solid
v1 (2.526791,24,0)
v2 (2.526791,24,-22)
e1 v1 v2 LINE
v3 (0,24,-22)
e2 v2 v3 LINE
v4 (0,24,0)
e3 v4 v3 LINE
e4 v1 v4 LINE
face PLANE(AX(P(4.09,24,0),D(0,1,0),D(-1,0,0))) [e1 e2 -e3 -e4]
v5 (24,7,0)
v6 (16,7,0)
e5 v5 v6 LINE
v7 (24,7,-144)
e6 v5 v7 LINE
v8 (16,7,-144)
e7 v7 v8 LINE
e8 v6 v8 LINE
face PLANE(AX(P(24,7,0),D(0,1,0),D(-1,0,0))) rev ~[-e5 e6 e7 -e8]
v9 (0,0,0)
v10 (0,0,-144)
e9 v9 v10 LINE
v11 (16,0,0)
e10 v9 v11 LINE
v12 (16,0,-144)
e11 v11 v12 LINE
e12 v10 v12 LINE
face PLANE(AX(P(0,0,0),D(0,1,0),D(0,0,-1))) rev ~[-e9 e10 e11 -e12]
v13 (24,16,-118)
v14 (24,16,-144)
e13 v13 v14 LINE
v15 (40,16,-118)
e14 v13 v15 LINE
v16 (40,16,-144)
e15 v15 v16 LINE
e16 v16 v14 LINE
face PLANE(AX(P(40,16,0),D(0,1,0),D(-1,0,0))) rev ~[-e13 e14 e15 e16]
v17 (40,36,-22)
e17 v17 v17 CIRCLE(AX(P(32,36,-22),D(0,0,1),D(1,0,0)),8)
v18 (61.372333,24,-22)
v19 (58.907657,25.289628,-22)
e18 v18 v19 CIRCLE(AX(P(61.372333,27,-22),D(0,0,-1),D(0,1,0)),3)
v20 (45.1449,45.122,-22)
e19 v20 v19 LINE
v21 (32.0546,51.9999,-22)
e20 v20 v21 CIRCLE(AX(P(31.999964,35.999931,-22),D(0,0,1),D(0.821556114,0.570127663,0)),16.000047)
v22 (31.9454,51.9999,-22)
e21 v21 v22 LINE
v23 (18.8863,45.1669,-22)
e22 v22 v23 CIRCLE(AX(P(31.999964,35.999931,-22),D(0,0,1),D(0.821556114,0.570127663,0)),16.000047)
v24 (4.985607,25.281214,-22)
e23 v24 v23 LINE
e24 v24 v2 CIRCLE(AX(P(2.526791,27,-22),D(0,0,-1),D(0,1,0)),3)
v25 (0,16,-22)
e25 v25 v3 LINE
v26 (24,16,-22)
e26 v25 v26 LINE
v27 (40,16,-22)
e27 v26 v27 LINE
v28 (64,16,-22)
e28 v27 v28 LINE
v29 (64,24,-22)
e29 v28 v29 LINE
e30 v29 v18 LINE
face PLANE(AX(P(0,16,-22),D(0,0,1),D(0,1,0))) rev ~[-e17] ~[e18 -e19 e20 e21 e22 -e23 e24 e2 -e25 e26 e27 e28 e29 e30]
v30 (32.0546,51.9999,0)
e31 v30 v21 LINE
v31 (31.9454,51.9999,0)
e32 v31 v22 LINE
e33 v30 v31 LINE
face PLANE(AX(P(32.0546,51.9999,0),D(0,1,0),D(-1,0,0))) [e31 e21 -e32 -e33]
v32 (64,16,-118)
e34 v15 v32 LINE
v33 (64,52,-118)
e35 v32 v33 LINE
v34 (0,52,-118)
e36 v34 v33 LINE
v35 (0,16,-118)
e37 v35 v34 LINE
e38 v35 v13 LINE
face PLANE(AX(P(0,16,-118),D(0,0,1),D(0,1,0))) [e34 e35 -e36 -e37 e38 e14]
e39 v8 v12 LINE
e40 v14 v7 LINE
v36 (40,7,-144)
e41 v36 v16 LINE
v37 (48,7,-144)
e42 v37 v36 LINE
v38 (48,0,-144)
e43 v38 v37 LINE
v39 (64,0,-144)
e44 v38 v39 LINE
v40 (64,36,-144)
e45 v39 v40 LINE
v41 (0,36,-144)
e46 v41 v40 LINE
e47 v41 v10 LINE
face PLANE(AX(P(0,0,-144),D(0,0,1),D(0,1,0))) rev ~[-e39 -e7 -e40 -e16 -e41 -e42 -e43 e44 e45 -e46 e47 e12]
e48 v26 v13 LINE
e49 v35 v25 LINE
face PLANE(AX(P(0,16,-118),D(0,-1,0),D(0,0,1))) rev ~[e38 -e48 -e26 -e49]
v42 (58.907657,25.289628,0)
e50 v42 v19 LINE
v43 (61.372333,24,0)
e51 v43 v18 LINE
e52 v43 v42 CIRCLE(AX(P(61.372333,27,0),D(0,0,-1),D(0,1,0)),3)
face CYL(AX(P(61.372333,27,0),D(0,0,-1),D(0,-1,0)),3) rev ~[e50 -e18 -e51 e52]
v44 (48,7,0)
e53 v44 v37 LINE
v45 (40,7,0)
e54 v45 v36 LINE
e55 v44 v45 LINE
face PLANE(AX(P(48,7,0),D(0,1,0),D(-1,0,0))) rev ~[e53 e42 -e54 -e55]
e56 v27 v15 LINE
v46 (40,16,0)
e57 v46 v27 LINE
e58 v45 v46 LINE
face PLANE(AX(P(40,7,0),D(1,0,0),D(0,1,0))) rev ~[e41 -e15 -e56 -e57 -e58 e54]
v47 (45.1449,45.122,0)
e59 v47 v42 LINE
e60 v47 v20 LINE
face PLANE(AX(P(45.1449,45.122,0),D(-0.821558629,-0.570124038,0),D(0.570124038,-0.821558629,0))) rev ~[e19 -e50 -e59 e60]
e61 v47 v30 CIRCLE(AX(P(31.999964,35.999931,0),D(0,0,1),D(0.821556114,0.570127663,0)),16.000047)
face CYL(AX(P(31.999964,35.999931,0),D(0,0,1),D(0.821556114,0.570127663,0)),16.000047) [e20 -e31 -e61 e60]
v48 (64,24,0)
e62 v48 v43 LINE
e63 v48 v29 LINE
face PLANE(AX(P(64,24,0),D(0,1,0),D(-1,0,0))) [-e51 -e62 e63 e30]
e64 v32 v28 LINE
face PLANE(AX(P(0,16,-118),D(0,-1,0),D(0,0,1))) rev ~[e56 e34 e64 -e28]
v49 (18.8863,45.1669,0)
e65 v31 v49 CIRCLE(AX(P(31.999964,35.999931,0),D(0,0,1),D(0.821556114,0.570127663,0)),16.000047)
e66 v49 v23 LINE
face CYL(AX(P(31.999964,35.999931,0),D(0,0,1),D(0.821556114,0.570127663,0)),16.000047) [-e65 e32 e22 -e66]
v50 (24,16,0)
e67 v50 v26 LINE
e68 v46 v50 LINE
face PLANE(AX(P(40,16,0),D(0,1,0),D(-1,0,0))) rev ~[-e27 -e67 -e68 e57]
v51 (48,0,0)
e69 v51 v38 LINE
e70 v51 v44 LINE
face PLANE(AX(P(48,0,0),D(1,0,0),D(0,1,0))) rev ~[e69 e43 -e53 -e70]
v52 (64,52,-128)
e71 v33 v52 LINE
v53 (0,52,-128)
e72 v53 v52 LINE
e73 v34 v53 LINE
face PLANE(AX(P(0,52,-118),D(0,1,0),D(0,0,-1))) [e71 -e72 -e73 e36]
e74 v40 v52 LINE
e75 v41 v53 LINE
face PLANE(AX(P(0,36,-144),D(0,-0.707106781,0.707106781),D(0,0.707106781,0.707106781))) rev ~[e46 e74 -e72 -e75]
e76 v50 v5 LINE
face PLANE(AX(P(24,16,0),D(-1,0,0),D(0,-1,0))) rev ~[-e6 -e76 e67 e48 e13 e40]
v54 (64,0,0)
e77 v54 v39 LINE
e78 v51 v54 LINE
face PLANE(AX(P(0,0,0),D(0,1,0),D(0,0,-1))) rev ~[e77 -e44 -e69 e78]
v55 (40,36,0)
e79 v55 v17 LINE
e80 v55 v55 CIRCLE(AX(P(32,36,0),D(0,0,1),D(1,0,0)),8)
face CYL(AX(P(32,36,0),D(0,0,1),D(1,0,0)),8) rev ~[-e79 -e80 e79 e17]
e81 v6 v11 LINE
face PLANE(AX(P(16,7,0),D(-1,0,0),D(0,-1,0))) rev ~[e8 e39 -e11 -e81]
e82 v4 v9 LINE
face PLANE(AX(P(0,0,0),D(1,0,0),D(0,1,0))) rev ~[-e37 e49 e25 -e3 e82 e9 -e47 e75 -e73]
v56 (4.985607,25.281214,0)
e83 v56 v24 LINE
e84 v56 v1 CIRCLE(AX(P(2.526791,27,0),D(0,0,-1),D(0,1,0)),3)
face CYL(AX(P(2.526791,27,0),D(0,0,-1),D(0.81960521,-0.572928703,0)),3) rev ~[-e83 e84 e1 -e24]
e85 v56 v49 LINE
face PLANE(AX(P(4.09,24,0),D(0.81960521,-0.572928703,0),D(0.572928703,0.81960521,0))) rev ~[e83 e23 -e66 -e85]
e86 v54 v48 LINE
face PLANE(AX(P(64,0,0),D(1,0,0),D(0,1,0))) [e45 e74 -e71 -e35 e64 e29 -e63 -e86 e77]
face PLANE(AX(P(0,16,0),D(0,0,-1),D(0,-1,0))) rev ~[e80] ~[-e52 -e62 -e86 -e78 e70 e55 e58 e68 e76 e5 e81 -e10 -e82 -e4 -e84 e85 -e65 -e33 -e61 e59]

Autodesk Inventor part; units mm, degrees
ref_plane "YZ Plane" through (0, 0, 0) normal (1, 0, 0) x (0, 1, 0)
ref_plane "XZ Plane" through (0, 0, 0) normal (0, 1, 0) x (-1, 0, 0)
ref_plane "XY Plane" through (0, 0, 0) normal (0, 0, 1) x (1, 0, 0)
sketch "Boceto1" plane through (0, 0, 0) normal (0, 0, 1) x (1, 0, 0)
  line L0 (64, 24) -> (64, 0)
  line L1 (0, 0) -> (0, 24)
  line L2 (0, 0) -> (0, 24) construction
  line L3 (40, 7) -> (40, 16)
  line L4 (64, 0) -> (64, 24)
  line L5 (0, 24) -> (0, 0)
  line L6 (64, 0) -> (64, 16)
  line L7 (40, 16) -> (24, 16)
  line L8 (0, 16) -> (0, 0)
  line L9 (24, 16) -> (40, 16)
  line L10 (64, 16) -> (64, 7)
  line L11 (0, 7) -> (0, 16)
  line L12 (48, 0) -> (48, 7)
  line L13 (16, 7) -> (16, 0)
  line L14 (24, 16) -> (24, 7)
  line L15 (48, 7) -> (40, 7)
  line L16 (24, 7) -> (16, 7)
  arc A0 (45.1449, 45.122) -> (18.8863, 45.1669) centre (32, 36) ccw
  circle A1 centre (32, 36) radius 8
  line L17 (64, 24) -> (59.8026, 24)
  line L18 (4.09, 24) -> (0, 24)
  line L19 (64, 0) -> (48, 0)
  line L20 (16, 0) -> (0, 0)
  line L21 (0, 0) -> (16, 0)
  line L22 (48, 0) -> (60.5696, 0)
  line L23 (0, 0) -> (16, 0)
  line L24 (48, 0) -> (64, 0)
  line L25 (0, 0) -> (16, 0)
  line L26 (48, 0) -> (64, 0)
  line L27 (4.09, 24) -> (18.8863, 45.1669)
  line L28 (45.1449, 45.122) -> (59.8026, 24)
  line L29 (16, 0) -> (48, 0)
  line L30 (0, 0) -> (64, 0)
  line L31 (64, 0) -> (64, 24)
  line L32 (32.0546, 51.9999) -> (31.9454, 51.9999)
  line L33 (0, 24) -> (0, 0)
  line L34 (0, 0) -> (64, 0)
  line L35 (64, 0) -> (64, 53.4326)
  line L36 (64, 53.4326) -> (0, 53.4326)
  line L37 (0, 53.4326) -> (0, 0)
  circle A2 centre (32, 36) radius 8
  point P0 (30.2848, 0)
  dimension "d6" = 24
  dimension "d9" = 32
  dimension "d10" = 16
  dimension "d11" = 9
sketch "Boceto2" plane through (0, 0, 0) normal (1, 0, 0) x (0, 1, 0)
  point P0 (0, 0)
sketch "Boceto3" plane through (0, 0, 0) normal (1, 0, 0) x (0, 1, 0)
  point P0 (0, 0)
sketch "Boceto4" plane through (0, 0, 0) normal (1, 0, 0) x (0, 1, 0)
  line L0 (0, 0) -> (0, -144)
  line L1 (0, -144) -> (36, -144)
  line L2 (0, -144) -> (16, -144)
  line L3 (16, -118) -> (16, -22)
  line L4 (16, 0) -> (0, 0)
  line L5 (0, 0) -> (0, -144)
  line L6 (36, -144) -> (16, -144)
  line L7 (16, -118) -> (52, -118)
  line L8 (52, -118) -> (52, -128)
  line L9 (36, -144) -> (52, -128)
  line L10 (52, 0) -> (16, 0)
  line L11 (16, -22) -> (52, -22)
  line L12 (52, -22) -> (52, 0)
  line L13 (52, -128) -> (52, -118)
  line L14 (52, -22) -> (52, 0)
  dimension "d15" = 144
  dimension "d17" = 16
  dimension "d22" = 22
extrude "Extrusión1" add sketch "Boceto4" along normal blind 64
extrude "Extrusión3" cut sketch "Boceto1" against normal blind 100 contours L17 L28 A0 L27 L18 L37 L36 L35
extrude "Extrusión4" cut sketch "Boceto1" against normal blind 100 contours A1
extrude "Extrusión5" cut sketch "Boceto1" against normal blind 144 contours L29 L13 L16 L14 L7 L3 L15 L12
fillet "Empalme1" radius 3 2 edges at (59.8026, 24, -11) (4.09, 24, -11)
properties part number "Pieza2 Base" material "Hierro, fundido"
